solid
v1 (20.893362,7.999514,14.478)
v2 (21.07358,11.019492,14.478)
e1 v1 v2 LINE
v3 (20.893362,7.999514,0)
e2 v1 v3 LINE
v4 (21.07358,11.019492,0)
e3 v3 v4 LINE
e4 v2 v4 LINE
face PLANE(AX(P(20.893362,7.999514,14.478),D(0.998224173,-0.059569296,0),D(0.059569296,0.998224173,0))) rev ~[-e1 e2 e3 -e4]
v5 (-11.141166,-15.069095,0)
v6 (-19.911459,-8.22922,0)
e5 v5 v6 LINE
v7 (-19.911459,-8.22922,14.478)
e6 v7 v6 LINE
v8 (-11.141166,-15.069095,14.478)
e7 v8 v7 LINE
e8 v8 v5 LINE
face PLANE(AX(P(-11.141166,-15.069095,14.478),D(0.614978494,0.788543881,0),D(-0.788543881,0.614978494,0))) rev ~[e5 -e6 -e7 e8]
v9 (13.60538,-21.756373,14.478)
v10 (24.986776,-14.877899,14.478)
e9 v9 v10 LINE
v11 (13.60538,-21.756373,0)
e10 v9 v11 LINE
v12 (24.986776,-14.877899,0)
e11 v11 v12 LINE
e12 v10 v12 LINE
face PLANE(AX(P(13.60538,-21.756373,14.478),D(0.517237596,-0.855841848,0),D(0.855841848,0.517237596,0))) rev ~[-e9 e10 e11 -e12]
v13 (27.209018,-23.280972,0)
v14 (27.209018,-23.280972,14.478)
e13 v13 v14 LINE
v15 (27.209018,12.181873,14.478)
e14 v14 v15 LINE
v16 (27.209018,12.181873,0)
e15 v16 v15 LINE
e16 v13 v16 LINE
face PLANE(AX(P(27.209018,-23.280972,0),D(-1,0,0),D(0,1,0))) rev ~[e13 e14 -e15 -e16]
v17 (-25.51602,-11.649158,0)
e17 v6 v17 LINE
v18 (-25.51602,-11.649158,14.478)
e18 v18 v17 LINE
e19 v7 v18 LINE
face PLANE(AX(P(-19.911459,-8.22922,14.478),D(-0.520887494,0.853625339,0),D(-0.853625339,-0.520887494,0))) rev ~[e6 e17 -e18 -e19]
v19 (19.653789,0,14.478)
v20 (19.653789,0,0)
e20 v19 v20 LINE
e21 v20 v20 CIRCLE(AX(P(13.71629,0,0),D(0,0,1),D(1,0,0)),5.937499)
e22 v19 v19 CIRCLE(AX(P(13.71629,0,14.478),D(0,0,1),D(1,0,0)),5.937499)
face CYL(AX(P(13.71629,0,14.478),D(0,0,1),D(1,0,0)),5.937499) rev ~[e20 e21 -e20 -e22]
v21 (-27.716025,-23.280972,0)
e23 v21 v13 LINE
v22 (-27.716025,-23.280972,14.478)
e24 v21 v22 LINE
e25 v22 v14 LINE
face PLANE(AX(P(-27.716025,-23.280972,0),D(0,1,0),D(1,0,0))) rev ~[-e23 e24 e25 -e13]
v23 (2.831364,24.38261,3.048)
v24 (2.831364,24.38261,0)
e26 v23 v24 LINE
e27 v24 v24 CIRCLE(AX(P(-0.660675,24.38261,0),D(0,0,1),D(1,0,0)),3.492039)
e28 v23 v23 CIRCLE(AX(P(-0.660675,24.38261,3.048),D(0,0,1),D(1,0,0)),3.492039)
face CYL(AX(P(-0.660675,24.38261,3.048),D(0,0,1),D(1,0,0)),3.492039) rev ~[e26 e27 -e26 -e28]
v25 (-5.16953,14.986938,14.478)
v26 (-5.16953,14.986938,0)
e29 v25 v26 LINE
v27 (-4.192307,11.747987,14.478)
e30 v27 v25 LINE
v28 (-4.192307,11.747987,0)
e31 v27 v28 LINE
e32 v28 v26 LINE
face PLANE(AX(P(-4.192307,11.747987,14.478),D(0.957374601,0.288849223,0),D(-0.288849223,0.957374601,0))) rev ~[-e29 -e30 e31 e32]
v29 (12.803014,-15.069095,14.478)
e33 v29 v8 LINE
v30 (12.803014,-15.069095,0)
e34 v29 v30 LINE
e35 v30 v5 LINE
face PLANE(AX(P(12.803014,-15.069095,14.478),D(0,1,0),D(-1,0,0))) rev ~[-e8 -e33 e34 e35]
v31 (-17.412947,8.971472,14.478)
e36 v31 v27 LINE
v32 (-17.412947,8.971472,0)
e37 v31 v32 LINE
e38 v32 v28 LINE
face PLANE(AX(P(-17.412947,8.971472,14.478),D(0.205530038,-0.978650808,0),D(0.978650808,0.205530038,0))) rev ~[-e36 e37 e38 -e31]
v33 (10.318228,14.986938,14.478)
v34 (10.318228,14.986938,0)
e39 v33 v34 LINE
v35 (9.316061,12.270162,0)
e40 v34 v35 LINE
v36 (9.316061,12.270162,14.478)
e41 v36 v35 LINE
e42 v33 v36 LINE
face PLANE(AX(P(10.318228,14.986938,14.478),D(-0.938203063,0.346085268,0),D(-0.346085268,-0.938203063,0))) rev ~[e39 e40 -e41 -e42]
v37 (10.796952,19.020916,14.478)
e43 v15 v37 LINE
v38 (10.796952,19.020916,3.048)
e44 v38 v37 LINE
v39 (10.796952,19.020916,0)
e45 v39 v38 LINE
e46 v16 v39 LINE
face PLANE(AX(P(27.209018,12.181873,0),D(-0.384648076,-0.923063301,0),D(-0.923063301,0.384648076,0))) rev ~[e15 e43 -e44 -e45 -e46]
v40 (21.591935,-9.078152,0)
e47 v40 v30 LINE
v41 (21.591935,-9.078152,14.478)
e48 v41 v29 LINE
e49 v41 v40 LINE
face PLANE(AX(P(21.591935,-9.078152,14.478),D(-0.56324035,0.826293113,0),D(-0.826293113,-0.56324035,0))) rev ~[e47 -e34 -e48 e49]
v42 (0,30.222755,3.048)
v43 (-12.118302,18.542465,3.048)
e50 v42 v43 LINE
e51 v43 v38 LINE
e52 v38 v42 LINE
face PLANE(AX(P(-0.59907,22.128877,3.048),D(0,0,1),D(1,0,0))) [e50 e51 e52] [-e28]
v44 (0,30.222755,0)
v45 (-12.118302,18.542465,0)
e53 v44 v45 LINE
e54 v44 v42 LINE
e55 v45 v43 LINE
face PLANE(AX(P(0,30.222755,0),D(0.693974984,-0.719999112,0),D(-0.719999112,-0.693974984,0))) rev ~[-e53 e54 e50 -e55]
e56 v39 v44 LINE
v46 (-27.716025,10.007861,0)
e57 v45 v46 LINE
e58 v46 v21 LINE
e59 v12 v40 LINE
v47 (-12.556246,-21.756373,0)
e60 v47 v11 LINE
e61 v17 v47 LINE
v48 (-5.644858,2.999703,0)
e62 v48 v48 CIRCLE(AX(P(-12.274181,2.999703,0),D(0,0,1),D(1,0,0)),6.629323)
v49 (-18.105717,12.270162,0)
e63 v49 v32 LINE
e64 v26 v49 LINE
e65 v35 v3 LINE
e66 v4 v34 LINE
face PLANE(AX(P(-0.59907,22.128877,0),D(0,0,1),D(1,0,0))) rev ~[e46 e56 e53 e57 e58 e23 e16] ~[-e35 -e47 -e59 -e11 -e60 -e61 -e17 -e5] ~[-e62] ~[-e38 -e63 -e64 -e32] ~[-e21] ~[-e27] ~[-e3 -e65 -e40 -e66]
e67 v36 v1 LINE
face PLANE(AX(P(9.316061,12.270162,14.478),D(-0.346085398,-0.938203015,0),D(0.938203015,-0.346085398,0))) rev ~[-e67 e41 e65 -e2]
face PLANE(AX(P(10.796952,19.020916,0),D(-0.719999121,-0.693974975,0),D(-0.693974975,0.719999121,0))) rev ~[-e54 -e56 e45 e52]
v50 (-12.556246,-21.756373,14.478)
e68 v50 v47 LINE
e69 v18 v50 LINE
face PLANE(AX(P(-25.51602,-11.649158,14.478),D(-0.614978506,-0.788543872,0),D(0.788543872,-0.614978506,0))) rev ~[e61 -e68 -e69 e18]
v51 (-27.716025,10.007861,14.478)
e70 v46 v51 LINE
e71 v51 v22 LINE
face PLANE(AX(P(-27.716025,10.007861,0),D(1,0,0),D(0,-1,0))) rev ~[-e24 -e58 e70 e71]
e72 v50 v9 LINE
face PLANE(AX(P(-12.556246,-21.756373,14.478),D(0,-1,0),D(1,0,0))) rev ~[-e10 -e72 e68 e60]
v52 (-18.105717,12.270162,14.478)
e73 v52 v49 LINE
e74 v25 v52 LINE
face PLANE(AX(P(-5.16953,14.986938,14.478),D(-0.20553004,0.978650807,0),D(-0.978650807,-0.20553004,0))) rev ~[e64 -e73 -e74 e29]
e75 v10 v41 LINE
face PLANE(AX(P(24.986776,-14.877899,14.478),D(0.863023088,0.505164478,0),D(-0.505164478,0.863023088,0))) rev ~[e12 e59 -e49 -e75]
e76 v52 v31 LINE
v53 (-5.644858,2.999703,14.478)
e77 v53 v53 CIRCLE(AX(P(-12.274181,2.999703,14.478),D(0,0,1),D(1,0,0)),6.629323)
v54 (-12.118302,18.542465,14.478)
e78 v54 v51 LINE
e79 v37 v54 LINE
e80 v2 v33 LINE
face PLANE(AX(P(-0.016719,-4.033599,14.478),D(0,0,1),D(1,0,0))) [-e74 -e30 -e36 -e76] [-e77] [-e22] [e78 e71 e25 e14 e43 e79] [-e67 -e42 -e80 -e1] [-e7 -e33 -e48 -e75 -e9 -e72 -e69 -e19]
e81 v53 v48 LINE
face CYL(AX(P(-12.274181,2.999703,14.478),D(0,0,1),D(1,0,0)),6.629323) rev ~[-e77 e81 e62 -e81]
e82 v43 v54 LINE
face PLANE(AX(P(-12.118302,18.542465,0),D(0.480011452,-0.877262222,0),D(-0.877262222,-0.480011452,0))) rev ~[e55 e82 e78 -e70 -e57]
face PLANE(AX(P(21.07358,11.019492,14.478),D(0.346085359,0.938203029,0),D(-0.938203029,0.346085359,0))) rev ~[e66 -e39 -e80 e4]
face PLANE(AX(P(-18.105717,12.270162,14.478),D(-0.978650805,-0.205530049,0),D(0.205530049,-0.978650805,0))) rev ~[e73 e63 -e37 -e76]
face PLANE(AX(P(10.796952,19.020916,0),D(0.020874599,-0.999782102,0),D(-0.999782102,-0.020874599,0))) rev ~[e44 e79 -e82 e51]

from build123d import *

# Parameters (mm, degrees)
F1_DEPTH = 14.478
F2_R     = 6.629323
F2_R_2   = 5.937499
F4_DEPTH = 25.4
F5_DEPTH = 25.4
F6_DEPTH = 3.048
F7_R     = 3.492039
F8_DEPTH = 25.4


with BuildPart() as f1:
    # F0 (on Top) → F1 (new body)
    with BuildSketch(Plane.XY):
        Polygon((10.796952, 19.020916), (-12.118302, 18.542465), (-27.716025, 10.007861), (-27.716025, -23.280972), (27.209018, -23.280972), (27.209018, 12.181873), align=None)
    extrude(amount=F1_DEPTH)

    # F2 (on face) → F4 (cut)
    with BuildSketch(Plane.XY.offset(14.478)):
        with Locations((-12.274181, 2.999703)):
            Circle(F2_R)
        with Locations((13.71629, 0)):
            Circle(F2_R_2)
    extrude(amount=-F4_DEPTH, mode=Mode.SUBTRACT)

    # F3 (on face) → F5 (cut)
    with BuildSketch(Plane.XY.offset(14.478)):
        Polygon((-11.141166, -15.069095), (-19.911459, -8.22922), (-25.51602, -11.649158), (-12.556246, -21.756373), (13.60538, -21.756373), (24.986776, -14.877899), (21.591935, -9.078152), (12.803014, -15.069095), align=None)
        Polygon((20.893362, 7.999514), (21.07358, 11.019492), (10.318228, 14.986938), (9.316061, 12.270162), align=None)
        Polygon((-5.16953, 14.986938), (-18.105717, 12.270162), (-17.412947, 8.971472), (-4.192307, 11.747987), align=None)
    extrude(amount=-F5_DEPTH, mode=Mode.SUBTRACT)

    # F0 (on Top) → F6 (join)
    with BuildSketch(Plane.XY):
        Polygon((0, 30.222755), (-12.118302, 18.542465), (10.796952, 19.020916), align=None)
    extrude(amount=F6_DEPTH)

    # F7 (on face) → F8 (cut)
    with BuildSketch(Plane.XY.offset(3.048)):
        with Locations((-0.660675, 24.38261)):
            Circle(F7_R)
    extrude(amount=-F8_DEPTH, mode=Mode.SUBTRACT)


solid = f1.part
